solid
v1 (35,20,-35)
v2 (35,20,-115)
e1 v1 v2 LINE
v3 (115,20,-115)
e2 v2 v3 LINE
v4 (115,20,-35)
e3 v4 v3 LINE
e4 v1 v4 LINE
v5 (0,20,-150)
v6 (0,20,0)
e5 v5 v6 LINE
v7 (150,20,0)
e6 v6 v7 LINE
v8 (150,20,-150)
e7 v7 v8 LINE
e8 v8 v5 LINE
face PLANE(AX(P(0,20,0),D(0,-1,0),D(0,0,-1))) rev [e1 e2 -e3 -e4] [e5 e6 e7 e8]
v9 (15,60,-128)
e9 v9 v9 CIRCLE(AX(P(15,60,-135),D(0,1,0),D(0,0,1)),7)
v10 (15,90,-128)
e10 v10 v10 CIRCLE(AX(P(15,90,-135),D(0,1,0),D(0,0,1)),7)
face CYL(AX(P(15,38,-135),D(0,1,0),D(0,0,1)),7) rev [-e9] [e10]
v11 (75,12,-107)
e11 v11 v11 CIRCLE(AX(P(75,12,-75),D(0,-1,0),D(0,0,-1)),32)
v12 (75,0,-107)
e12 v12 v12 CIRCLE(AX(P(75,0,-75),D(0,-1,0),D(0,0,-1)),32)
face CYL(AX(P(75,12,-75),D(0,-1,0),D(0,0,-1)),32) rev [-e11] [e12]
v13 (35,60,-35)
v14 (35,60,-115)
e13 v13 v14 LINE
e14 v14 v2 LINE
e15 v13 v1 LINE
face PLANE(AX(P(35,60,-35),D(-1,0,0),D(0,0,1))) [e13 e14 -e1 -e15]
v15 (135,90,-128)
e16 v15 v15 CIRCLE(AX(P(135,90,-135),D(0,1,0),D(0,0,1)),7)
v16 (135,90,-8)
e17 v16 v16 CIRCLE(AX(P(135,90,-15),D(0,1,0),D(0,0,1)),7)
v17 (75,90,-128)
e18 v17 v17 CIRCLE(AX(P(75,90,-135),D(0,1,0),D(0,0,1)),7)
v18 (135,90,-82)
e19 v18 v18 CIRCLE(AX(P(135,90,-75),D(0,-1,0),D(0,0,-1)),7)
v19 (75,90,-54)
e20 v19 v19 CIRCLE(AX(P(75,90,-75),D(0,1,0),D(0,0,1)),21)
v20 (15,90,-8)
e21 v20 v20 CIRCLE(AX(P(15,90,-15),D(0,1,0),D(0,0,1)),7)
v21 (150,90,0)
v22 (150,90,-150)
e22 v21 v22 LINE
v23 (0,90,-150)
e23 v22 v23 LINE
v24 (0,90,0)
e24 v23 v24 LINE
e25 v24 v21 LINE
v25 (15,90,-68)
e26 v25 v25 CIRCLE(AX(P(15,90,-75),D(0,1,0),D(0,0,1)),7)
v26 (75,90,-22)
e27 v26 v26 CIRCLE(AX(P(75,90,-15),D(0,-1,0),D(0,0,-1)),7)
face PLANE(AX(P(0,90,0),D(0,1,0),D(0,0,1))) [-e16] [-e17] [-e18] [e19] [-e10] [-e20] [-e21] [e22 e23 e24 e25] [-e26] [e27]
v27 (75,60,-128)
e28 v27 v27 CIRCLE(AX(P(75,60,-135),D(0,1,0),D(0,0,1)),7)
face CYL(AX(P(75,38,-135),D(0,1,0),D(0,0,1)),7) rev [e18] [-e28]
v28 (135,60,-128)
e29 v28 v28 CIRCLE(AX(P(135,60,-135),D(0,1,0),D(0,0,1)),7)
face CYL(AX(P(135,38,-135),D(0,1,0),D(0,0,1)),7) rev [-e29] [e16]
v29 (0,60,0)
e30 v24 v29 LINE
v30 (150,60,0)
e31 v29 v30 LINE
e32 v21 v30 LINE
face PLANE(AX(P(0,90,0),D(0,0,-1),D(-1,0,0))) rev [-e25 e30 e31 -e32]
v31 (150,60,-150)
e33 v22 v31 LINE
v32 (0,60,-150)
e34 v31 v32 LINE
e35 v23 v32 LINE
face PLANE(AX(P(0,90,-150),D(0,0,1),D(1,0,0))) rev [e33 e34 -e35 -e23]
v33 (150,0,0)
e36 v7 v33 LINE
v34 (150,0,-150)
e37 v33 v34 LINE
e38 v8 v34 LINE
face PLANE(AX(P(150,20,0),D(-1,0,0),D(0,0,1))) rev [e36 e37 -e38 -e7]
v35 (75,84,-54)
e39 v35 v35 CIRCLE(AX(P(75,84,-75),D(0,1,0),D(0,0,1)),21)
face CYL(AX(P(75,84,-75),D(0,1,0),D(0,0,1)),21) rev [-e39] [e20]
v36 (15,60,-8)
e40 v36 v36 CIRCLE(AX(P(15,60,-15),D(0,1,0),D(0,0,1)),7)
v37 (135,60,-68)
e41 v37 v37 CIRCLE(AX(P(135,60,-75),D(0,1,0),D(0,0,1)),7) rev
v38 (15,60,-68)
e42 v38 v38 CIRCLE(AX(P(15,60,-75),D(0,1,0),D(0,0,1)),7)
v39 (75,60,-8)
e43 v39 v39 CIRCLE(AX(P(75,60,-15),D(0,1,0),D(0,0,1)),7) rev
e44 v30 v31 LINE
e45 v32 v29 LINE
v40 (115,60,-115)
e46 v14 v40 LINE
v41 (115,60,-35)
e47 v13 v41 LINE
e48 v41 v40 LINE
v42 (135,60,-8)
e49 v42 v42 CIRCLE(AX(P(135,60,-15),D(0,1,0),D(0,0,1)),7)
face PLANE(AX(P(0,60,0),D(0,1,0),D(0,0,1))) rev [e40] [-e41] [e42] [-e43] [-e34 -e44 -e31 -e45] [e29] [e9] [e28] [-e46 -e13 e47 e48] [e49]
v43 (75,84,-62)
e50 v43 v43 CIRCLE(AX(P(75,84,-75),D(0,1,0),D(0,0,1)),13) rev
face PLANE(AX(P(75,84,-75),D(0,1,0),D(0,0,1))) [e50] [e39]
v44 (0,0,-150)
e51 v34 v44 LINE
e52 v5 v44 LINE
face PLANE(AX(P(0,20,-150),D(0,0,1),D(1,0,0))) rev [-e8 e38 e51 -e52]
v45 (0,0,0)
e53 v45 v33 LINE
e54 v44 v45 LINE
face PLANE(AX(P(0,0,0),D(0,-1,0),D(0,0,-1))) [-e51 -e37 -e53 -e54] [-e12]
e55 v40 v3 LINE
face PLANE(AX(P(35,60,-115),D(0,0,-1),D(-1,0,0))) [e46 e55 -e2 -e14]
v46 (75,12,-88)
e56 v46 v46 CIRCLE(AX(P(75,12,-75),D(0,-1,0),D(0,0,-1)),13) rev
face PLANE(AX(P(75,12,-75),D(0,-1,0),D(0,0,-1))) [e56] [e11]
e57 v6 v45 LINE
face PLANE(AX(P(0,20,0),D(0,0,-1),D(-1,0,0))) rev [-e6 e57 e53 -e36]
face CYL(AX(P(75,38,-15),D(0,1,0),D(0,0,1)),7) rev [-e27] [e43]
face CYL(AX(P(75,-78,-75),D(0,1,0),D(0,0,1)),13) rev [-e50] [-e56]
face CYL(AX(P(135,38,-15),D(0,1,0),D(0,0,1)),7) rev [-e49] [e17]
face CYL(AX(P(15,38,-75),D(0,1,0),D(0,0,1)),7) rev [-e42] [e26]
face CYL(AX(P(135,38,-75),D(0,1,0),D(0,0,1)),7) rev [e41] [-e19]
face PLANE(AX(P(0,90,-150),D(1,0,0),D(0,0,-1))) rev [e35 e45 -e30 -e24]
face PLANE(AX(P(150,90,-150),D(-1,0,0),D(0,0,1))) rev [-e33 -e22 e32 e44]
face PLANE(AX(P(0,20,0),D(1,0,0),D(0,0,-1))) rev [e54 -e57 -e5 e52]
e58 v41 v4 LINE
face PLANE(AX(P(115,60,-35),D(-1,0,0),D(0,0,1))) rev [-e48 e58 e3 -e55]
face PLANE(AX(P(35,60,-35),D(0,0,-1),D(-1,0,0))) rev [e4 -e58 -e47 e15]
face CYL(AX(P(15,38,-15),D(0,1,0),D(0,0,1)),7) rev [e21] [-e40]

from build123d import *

# Parameters (mm, degrees)
SKETCH2_W           = 150
SKETCH2_H           = 150
BOSS_EXTRUDE1_DEPTH = 20
SKETCH4_W           = 80
SKETCH4_H           = 80
BOSS_EXTRUDE2_DEPTH = 40
SKETCH5_W           = 150
SKETCH5_H           = 150
BOSS_EXTRUDE3_DEPTH = 30
SKETCH6_R           = 13
CUT_EXTRUDE1_DEPTH  = 168
SKETCH7_R           = 21
CUT_EXTRUDE2_DEPTH  = 6
SKETCH8_R           = 32
CUT_EXTRUDE3_DEPTH  = 12
SKETCH9_R           = 7
CUT_EXTRUDE4_DEPTH  = 52


with BuildPart() as part:
    # Sketch2 → Boss-Extrude1 (new body)
    with BuildSketch(Plane(origin=(0, 0, 0), x_dir=(1, 0, 0), z_dir=(0, 1, 0))):
        with Locations((75, 75)):
            Rectangle(SKETCH2_W, SKETCH2_H)
    extrude(amount=BOSS_EXTRUDE1_DEPTH)

    # Sketch4 → Boss-Extrude2 (add)
    with BuildSketch(Plane(origin=(0, 20, 0), x_dir=(1, 0, 0), z_dir=(0, 1, 0))):
        with Locations((75, 75)):
            Rectangle(SKETCH4_W, SKETCH4_H)
    extrude(amount=BOSS_EXTRUDE2_DEPTH)

    # Sketch5 → Boss-Extrude3 (add)
    with BuildSketch(Plane(origin=(0, 60, 0), x_dir=(1, 0, 0), z_dir=(0, 1, 0))):
        with Locations((75, 75)):
            Rectangle(SKETCH5_W, SKETCH5_H)
    extrude(amount=BOSS_EXTRUDE3_DEPTH)

    # Sketch6 → Cut-Extrude1 (cut)
    with BuildSketch(Plane(origin=(0, 90, 0), x_dir=(1, 0, 0), z_dir=(0, 1, 0))):
        with Locations((75, 75)):
            Circle(SKETCH6_R)
    extrude(amount=-CUT_EXTRUDE1_DEPTH, mode=Mode.SUBTRACT)

    # Sketch7 → Cut-Extrude2 (cut)
    with BuildSketch(Plane(origin=(0, 90, 0), x_dir=(1, 0, 0), z_dir=(0, 1, 0))):
        with Locations((75, 75)):
            Circle(SKETCH7_R)
    extrude(amount=-CUT_EXTRUDE2_DEPTH, mode=Mode.SUBTRACT)

    # Sketch8 → Cut-Extrude3 (cut)
    with BuildSketch(Plane.XZ):
        with Locations((75, -75)):
            Circle(SKETCH8_R)
    extrude(amount=-CUT_EXTRUDE3_DEPTH, mode=Mode.SUBTRACT)

    # Sketch9 → Cut-Extrude4 (cut)
    with BuildSketch(Plane(origin=(0, 90, 0), x_dir=(1, 0, 0), z_dir=(0, 1, 0))):
        with Locations((75, 135)):
            Circle(SKETCH9_R)
        with Locations((15, 75)):
            Circle(SKETCH9_R)
        with Locations((75, 15)):
            Circle(SKETCH9_R)
        with Locations((135, 75)):
            Circle(SKETCH9_R)
        with Locations((15, 135)):
            Circle(SKETCH9_R)
        with Locations((135, 135)):
            Circle(SKETCH9_R)
        with Locations((135, 15)):
            Circle(SKETCH9_R)
        with Locations((15, 15)):
            Circle(SKETCH9_R)
    extrude(amount=-CUT_EXTRUDE4_DEPTH, mode=Mode.SUBTRACT)


solid = part.part
